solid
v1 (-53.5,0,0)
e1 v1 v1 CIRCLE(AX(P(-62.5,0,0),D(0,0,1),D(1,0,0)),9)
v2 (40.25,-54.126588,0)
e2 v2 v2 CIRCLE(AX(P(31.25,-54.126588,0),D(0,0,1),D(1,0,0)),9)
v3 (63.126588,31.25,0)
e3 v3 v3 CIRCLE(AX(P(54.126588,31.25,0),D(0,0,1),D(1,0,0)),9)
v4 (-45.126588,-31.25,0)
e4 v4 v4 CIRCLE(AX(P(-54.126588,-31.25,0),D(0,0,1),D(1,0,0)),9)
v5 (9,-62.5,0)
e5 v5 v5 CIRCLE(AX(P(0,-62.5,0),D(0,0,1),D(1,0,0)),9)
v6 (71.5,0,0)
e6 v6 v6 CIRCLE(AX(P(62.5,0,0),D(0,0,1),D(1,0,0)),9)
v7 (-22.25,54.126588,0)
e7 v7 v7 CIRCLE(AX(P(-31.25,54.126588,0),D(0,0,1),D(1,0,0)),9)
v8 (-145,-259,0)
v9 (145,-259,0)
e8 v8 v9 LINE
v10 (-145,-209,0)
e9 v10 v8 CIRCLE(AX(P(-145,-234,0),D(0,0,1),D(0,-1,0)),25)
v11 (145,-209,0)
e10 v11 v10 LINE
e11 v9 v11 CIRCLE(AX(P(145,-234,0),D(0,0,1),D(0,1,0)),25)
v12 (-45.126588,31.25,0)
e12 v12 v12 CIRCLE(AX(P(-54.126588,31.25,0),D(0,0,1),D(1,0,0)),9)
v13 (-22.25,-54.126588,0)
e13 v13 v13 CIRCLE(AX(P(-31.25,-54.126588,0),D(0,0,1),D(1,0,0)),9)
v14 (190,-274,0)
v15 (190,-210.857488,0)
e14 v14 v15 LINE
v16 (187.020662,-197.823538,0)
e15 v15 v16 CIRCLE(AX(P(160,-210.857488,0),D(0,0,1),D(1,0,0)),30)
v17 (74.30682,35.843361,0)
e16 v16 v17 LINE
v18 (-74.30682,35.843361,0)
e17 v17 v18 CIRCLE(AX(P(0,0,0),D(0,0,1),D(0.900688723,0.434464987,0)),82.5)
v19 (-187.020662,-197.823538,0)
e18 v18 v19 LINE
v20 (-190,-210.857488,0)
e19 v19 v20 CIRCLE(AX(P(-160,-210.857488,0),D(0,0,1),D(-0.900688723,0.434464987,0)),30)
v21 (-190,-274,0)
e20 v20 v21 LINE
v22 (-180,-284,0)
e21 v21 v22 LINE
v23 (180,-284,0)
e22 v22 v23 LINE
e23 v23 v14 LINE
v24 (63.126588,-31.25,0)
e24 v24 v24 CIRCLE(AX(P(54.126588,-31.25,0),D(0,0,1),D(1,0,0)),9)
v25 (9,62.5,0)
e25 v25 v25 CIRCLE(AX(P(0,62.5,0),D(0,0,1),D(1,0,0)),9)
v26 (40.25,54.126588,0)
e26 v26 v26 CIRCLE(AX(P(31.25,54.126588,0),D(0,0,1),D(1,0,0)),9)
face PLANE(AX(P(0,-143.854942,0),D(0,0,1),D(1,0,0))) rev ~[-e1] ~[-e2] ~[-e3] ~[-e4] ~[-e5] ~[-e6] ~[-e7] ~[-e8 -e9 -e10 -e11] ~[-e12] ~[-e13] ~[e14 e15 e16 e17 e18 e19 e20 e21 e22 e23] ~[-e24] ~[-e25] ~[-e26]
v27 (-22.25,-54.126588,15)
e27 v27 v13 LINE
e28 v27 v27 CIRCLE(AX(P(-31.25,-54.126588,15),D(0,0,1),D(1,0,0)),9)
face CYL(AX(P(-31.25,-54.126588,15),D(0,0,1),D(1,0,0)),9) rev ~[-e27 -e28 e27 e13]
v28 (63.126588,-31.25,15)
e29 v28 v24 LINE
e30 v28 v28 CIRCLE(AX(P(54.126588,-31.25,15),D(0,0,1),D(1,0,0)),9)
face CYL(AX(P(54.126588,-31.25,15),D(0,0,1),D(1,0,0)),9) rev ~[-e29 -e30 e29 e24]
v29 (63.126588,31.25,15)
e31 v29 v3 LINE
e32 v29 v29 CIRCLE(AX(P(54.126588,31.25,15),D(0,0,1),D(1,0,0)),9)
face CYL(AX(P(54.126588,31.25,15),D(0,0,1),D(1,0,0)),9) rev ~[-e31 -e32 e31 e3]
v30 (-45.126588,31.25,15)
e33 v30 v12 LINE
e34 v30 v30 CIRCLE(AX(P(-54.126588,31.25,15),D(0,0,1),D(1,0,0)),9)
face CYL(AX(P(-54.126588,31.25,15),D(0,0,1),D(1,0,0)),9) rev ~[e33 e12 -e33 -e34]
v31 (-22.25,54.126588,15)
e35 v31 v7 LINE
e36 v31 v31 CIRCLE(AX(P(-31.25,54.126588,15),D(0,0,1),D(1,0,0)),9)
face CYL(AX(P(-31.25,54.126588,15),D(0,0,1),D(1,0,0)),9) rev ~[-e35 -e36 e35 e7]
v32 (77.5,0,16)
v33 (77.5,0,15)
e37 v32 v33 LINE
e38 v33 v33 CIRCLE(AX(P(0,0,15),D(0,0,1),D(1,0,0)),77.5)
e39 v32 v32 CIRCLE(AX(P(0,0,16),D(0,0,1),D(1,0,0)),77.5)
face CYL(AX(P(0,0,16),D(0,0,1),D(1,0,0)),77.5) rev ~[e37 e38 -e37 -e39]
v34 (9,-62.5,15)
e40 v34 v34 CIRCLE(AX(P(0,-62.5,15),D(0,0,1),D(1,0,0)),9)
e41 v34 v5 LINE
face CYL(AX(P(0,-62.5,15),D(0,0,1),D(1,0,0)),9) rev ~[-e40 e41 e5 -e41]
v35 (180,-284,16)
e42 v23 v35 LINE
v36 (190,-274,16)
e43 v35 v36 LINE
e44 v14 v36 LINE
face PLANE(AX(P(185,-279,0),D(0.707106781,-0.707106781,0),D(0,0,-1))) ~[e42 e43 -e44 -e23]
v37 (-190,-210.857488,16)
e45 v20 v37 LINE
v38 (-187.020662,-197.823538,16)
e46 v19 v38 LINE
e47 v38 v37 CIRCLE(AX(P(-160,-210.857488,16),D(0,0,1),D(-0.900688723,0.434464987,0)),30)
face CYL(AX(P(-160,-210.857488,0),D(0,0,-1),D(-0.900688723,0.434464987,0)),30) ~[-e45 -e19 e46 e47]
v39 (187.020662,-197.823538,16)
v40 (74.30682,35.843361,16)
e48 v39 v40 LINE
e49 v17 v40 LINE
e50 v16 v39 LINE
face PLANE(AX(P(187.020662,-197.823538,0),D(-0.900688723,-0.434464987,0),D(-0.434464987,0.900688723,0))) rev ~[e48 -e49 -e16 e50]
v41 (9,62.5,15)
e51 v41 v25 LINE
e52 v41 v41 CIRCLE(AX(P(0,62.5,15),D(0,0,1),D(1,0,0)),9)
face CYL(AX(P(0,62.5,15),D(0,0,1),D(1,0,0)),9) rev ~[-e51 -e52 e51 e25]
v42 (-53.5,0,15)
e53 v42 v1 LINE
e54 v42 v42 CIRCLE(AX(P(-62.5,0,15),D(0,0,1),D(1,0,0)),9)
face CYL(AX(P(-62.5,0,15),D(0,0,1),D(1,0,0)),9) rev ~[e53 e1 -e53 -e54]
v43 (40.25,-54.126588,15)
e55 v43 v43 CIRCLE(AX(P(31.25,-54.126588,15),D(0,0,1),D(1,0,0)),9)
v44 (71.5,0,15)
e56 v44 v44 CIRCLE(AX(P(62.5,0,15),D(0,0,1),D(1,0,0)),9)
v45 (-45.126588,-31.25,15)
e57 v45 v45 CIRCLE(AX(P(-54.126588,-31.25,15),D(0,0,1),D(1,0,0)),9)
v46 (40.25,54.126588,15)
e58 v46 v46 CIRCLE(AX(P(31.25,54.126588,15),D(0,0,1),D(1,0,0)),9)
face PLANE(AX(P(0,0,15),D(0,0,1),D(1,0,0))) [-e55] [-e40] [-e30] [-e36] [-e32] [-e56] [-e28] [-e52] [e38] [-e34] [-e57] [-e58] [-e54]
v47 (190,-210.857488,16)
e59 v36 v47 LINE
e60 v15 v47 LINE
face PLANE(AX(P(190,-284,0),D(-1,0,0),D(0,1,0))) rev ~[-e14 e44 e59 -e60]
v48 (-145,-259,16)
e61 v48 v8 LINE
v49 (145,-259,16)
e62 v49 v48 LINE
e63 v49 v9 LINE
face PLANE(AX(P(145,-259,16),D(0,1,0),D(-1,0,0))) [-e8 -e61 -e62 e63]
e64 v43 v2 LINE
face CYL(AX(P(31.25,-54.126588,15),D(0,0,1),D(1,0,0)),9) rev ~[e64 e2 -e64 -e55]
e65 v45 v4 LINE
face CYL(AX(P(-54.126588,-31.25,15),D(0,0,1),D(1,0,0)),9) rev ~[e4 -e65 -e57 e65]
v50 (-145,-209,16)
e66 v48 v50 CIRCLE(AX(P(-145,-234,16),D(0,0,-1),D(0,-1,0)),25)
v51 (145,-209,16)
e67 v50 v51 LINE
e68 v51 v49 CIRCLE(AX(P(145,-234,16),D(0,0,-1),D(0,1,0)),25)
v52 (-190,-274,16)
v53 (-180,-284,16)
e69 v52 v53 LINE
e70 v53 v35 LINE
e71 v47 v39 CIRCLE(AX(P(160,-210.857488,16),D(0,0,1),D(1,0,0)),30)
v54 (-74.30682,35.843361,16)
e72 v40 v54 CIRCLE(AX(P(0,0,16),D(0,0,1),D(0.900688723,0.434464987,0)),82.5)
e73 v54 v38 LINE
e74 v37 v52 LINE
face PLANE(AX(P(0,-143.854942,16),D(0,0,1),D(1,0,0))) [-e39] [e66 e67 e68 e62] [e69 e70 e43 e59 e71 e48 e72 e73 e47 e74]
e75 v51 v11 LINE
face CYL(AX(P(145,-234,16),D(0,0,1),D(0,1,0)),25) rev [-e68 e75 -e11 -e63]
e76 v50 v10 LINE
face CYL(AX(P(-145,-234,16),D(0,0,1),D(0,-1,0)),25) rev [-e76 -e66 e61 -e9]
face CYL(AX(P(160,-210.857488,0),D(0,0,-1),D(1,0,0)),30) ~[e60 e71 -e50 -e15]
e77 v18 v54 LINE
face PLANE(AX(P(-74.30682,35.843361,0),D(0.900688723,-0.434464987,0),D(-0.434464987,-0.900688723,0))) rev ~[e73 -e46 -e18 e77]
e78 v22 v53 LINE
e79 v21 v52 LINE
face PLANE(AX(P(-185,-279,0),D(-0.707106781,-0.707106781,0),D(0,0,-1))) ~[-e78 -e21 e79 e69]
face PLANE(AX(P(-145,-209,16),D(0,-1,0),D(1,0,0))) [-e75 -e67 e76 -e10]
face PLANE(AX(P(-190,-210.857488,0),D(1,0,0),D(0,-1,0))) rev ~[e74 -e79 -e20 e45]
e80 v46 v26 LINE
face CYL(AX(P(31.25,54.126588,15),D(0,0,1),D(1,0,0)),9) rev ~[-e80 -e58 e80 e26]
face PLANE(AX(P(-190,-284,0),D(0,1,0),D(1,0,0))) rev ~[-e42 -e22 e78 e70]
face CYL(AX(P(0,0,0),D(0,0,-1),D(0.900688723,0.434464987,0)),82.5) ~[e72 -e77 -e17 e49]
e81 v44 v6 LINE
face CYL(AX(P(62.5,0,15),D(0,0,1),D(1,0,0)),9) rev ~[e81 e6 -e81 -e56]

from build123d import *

# Parameters (mm, degrees)
EXTRUDE_1_DEPTH     = 16
SKETCH_2_R          = 77.5
CUT_EXTRUDE_1_DEPTH = 1
CUT_EXTRUDE_2_REACH = 344.025
SKETCH_3_R          = 9
CUT_EXTRUDE_3_REACH = 344.07
CHAMFER_1_SIZE      = 10


with BuildPart() as part:
    # 草图1 → 凸台-拉伸1 (new body)
    with BuildSketch(Plane.XY):
        with BuildLine():
            Line((-74.306819623, 35.843361414), (-187.020661681, -197.82353813))
            ThreePointArc((-187.020661681, -197.82353813), (-189.245682164, -204.172424177), (-190, -210.857487736))
            Line((-190, -210.857487736), (-190, -284))
            Line((-190, -284), (0, -284))
            Line((0, -284), (190, -284))
            Line((190, -284), (190, -210.857487736))
            ThreePointArc((190, -210.857487736), (189.245682164, -204.172424177), (187.020661681, -197.82353813))
            Line((187.020661681, -197.82353813), (74.306819623, 35.843361414))
            ThreePointArc((74.306819623, 35.843361414), (0, 82.5), (-74.306819623, 35.843361414))
        make_face()
    extrude(amount=EXTRUDE_1_DEPTH)

    # 草图2 → 切除-拉伸1 (cut)
    with BuildSketch(Plane.XY.offset(16)):
        Circle(SKETCH_2_R)
    extrude(amount=-CUT_EXTRUDE_1_DEPTH, mode=Mode.SUBTRACT)

    # 草图3 → 切除-拉伸2 (cut, up to next)
    with BuildSketch(Plane.XY.offset(15), mode=Mode.PRIVATE) as cut_extrude_2_sk1:
        with Locations((0, 62.5)):
            Circle(SKETCH_3_R)
    cut_extrude_2_tool1 = extrude(cut_extrude_2_sk1.sketch, amount=-CUT_EXTRUDE_2_REACH, mode=Mode.PRIVATE) & part.part
    # 草图3 → 切除-拉伸2 (cut, up to next)
    with BuildSketch(Plane.XY.offset(15), mode=Mode.PRIVATE) as cut_extrude_2_sk2:
        with Locations((31.25, 54.126587737)):
            Circle(SKETCH_3_R)
    cut_extrude_2_tool2 = extrude(cut_extrude_2_sk2.sketch, amount=-CUT_EXTRUDE_2_REACH, mode=Mode.PRIVATE) & part.part
    # 草图3 → 切除-拉伸2 (cut, up to next)
    with BuildSketch(Plane.XY.offset(15), mode=Mode.PRIVATE) as cut_extrude_2_sk3:
        with Locations((54.126587737, 31.25)):
            Circle(SKETCH_3_R)
    cut_extrude_2_tool3 = extrude(cut_extrude_2_sk3.sketch, amount=-CUT_EXTRUDE_2_REACH, mode=Mode.PRIVATE) & part.part
    # 草图3 → 切除-拉伸2 (cut, up to next)
    with BuildSketch(Plane.XY.offset(15), mode=Mode.PRIVATE) as cut_extrude_2_sk4:
        with Locations((62.5, 0)):
            Circle(SKETCH_3_R)
    cut_extrude_2_tool4 = extrude(cut_extrude_2_sk4.sketch, amount=-CUT_EXTRUDE_2_REACH, mode=Mode.PRIVATE) & part.part
    # 草图3 → 切除-拉伸2 (cut, up to next)
    with BuildSketch(Plane.XY.offset(15), mode=Mode.PRIVATE) as cut_extrude_2_sk5:
        with Locations((54.126587737, -31.25)):
            Circle(SKETCH_3_R)
    cut_extrude_2_tool5 = extrude(cut_extrude_2_sk5.sketch, amount=-CUT_EXTRUDE_2_REACH, mode=Mode.PRIVATE) & part.part
    # 草图3 → 切除-拉伸2 (cut, up to next)
    with BuildSketch(Plane.XY.offset(15), mode=Mode.PRIVATE) as cut_extrude_2_sk6:
        with Locations((31.25, -54.126587737)):
            Circle(SKETCH_3_R)
    cut_extrude_2_tool6 = extrude(cut_extrude_2_sk6.sketch, amount=-CUT_EXTRUDE_2_REACH, mode=Mode.PRIVATE) & part.part
    # 草图3 → 切除-拉伸2 (cut, up to next)
    with BuildSketch(Plane.XY.offset(15), mode=Mode.PRIVATE) as cut_extrude_2_sk7:
        with Locations((0, -62.5)):
            Circle(SKETCH_3_R)
    cut_extrude_2_tool7 = extrude(cut_extrude_2_sk7.sketch, amount=-CUT_EXTRUDE_2_REACH, mode=Mode.PRIVATE) & part.part
    # 草图3 → 切除-拉伸2 (cut, up to next)
    with BuildSketch(Plane.XY.offset(15), mode=Mode.PRIVATE) as cut_extrude_2_sk8:
        with Locations((-31.25, -54.126587737)):
            Circle(SKETCH_3_R)
    cut_extrude_2_tool8 = extrude(cut_extrude_2_sk8.sketch, amount=-CUT_EXTRUDE_2_REACH, mode=Mode.PRIVATE) & part.part
    # 草图3 → 切除-拉伸2 (cut, up to next)
    with BuildSketch(Plane.XY.offset(15), mode=Mode.PRIVATE) as cut_extrude_2_sk9:
        with Locations((-54.126587737, -31.25)):
            Circle(SKETCH_3_R)
    cut_extrude_2_tool9 = extrude(cut_extrude_2_sk9.sketch, amount=-CUT_EXTRUDE_2_REACH, mode=Mode.PRIVATE) & part.part
    # 草图3 → 切除-拉伸2 (cut, up to next)
    with BuildSketch(Plane.XY.offset(15), mode=Mode.PRIVATE) as cut_extrude_2_sk10:
        with Locations((-62.5, 0)):
            Circle(SKETCH_3_R)
    cut_extrude_2_tool10 = extrude(cut_extrude_2_sk10.sketch, amount=-CUT_EXTRUDE_2_REACH, mode=Mode.PRIVATE) & part.part
    # 草图3 → 切除-拉伸2 (cut, up to next)
    with BuildSketch(Plane.XY.offset(15), mode=Mode.PRIVATE) as cut_extrude_2_sk11:
        with Locations((-54.126587737, 31.25)):
            Circle(SKETCH_3_R)
    cut_extrude_2_tool11 = extrude(cut_extrude_2_sk11.sketch, amount=-CUT_EXTRUDE_2_REACH, mode=Mode.PRIVATE) & part.part
    # 草图3 → 切除-拉伸2 (cut, up to next)
    with BuildSketch(Plane.XY.offset(15), mode=Mode.PRIVATE) as cut_extrude_2_sk12:
        with Locations((-31.25, 54.126587737)):
            Circle(SKETCH_3_R)
    cut_extrude_2_tool12 = extrude(cut_extrude_2_sk12.sketch, amount=-CUT_EXTRUDE_2_REACH, mode=Mode.PRIVATE) & part.part
    add(cut_extrude_2_tool1.solids().sort_by_distance((0, 62.5, 15))[0], mode=Mode.SUBTRACT)
    add(cut_extrude_2_tool2.solids().sort_by_distance((31.25, 54.126588, 15))[0], mode=Mode.SUBTRACT)
    add(cut_extrude_2_tool3.solids().sort_by_distance((54.126588, 31.25, 15))[0], mode=Mode.SUBTRACT)
    add(cut_extrude_2_tool4.solids().sort_by_distance((62.5, 0, 15))[0], mode=Mode.SUBTRACT)
    add(cut_extrude_2_tool5.solids().sort_by_distance((54.126588, -31.25, 15))[0], mode=Mode.SUBTRACT)
    add(cut_extrude_2_tool6.solids().sort_by_distance((31.25, -54.126588, 15))[0], mode=Mode.SUBTRACT)
    add(cut_extrude_2_tool7.solids().sort_by_distance((0, -62.5, 15))[0], mode=Mode.SUBTRACT)
    add(cut_extrude_2_tool8.solids().sort_by_distance((-31.25, -54.126588, 15))[0], mode=Mode.SUBTRACT)
    add(cut_extrude_2_tool9.solids().sort_by_distance((-54.126588, -31.25, 15))[0], mode=Mode.SUBTRACT)
    add(cut_extrude_2_tool10.solids().sort_by_distance((-62.5, 0, 15))[0], mode=Mode.SUBTRACT)
    add(cut_extrude_2_tool11.solids().sort_by_distance((-54.126588, 31.25, 15))[0], mode=Mode.SUBTRACT)
    add(cut_extrude_2_tool12.solids().sort_by_distance((-31.25, 54.126588, 15))[0], mode=Mode.SUBTRACT)

    # 草图4 → 切除-拉伸3 (cut, up to next)
    with BuildSketch(Plane.XY.offset(16), mode=Mode.PRIVATE) as cut_extrude_3_sk1:
        with BuildLine():
            Line((-145, -209), (145, -209))
            ThreePointArc((145, -209), (170, -234), (145, -259))
            Line((145, -259), (-145, -259))
            ThreePointArc((-145, -259), (-170, -234), (-145, -209))
        make_face()
    cut_extrude_3_tool1 = extrude(cut_extrude_3_sk1.sketch, amount=-CUT_EXTRUDE_3_REACH, mode=Mode.PRIVATE) & part.part
    add(cut_extrude_3_tool1.solids().sort_by_distance((0, -234, 16))[0], mode=Mode.SUBTRACT)

    # 倒角1
    chamfer_1_edges = [part.edges().sort_by_distance(p)[0] for p in [
        (190, -284, 8),
        (-190, -284, 8),
    ]]
    chamfer(chamfer_1_edges, length=CHAMFER_1_SIZE)


solid = part.part
